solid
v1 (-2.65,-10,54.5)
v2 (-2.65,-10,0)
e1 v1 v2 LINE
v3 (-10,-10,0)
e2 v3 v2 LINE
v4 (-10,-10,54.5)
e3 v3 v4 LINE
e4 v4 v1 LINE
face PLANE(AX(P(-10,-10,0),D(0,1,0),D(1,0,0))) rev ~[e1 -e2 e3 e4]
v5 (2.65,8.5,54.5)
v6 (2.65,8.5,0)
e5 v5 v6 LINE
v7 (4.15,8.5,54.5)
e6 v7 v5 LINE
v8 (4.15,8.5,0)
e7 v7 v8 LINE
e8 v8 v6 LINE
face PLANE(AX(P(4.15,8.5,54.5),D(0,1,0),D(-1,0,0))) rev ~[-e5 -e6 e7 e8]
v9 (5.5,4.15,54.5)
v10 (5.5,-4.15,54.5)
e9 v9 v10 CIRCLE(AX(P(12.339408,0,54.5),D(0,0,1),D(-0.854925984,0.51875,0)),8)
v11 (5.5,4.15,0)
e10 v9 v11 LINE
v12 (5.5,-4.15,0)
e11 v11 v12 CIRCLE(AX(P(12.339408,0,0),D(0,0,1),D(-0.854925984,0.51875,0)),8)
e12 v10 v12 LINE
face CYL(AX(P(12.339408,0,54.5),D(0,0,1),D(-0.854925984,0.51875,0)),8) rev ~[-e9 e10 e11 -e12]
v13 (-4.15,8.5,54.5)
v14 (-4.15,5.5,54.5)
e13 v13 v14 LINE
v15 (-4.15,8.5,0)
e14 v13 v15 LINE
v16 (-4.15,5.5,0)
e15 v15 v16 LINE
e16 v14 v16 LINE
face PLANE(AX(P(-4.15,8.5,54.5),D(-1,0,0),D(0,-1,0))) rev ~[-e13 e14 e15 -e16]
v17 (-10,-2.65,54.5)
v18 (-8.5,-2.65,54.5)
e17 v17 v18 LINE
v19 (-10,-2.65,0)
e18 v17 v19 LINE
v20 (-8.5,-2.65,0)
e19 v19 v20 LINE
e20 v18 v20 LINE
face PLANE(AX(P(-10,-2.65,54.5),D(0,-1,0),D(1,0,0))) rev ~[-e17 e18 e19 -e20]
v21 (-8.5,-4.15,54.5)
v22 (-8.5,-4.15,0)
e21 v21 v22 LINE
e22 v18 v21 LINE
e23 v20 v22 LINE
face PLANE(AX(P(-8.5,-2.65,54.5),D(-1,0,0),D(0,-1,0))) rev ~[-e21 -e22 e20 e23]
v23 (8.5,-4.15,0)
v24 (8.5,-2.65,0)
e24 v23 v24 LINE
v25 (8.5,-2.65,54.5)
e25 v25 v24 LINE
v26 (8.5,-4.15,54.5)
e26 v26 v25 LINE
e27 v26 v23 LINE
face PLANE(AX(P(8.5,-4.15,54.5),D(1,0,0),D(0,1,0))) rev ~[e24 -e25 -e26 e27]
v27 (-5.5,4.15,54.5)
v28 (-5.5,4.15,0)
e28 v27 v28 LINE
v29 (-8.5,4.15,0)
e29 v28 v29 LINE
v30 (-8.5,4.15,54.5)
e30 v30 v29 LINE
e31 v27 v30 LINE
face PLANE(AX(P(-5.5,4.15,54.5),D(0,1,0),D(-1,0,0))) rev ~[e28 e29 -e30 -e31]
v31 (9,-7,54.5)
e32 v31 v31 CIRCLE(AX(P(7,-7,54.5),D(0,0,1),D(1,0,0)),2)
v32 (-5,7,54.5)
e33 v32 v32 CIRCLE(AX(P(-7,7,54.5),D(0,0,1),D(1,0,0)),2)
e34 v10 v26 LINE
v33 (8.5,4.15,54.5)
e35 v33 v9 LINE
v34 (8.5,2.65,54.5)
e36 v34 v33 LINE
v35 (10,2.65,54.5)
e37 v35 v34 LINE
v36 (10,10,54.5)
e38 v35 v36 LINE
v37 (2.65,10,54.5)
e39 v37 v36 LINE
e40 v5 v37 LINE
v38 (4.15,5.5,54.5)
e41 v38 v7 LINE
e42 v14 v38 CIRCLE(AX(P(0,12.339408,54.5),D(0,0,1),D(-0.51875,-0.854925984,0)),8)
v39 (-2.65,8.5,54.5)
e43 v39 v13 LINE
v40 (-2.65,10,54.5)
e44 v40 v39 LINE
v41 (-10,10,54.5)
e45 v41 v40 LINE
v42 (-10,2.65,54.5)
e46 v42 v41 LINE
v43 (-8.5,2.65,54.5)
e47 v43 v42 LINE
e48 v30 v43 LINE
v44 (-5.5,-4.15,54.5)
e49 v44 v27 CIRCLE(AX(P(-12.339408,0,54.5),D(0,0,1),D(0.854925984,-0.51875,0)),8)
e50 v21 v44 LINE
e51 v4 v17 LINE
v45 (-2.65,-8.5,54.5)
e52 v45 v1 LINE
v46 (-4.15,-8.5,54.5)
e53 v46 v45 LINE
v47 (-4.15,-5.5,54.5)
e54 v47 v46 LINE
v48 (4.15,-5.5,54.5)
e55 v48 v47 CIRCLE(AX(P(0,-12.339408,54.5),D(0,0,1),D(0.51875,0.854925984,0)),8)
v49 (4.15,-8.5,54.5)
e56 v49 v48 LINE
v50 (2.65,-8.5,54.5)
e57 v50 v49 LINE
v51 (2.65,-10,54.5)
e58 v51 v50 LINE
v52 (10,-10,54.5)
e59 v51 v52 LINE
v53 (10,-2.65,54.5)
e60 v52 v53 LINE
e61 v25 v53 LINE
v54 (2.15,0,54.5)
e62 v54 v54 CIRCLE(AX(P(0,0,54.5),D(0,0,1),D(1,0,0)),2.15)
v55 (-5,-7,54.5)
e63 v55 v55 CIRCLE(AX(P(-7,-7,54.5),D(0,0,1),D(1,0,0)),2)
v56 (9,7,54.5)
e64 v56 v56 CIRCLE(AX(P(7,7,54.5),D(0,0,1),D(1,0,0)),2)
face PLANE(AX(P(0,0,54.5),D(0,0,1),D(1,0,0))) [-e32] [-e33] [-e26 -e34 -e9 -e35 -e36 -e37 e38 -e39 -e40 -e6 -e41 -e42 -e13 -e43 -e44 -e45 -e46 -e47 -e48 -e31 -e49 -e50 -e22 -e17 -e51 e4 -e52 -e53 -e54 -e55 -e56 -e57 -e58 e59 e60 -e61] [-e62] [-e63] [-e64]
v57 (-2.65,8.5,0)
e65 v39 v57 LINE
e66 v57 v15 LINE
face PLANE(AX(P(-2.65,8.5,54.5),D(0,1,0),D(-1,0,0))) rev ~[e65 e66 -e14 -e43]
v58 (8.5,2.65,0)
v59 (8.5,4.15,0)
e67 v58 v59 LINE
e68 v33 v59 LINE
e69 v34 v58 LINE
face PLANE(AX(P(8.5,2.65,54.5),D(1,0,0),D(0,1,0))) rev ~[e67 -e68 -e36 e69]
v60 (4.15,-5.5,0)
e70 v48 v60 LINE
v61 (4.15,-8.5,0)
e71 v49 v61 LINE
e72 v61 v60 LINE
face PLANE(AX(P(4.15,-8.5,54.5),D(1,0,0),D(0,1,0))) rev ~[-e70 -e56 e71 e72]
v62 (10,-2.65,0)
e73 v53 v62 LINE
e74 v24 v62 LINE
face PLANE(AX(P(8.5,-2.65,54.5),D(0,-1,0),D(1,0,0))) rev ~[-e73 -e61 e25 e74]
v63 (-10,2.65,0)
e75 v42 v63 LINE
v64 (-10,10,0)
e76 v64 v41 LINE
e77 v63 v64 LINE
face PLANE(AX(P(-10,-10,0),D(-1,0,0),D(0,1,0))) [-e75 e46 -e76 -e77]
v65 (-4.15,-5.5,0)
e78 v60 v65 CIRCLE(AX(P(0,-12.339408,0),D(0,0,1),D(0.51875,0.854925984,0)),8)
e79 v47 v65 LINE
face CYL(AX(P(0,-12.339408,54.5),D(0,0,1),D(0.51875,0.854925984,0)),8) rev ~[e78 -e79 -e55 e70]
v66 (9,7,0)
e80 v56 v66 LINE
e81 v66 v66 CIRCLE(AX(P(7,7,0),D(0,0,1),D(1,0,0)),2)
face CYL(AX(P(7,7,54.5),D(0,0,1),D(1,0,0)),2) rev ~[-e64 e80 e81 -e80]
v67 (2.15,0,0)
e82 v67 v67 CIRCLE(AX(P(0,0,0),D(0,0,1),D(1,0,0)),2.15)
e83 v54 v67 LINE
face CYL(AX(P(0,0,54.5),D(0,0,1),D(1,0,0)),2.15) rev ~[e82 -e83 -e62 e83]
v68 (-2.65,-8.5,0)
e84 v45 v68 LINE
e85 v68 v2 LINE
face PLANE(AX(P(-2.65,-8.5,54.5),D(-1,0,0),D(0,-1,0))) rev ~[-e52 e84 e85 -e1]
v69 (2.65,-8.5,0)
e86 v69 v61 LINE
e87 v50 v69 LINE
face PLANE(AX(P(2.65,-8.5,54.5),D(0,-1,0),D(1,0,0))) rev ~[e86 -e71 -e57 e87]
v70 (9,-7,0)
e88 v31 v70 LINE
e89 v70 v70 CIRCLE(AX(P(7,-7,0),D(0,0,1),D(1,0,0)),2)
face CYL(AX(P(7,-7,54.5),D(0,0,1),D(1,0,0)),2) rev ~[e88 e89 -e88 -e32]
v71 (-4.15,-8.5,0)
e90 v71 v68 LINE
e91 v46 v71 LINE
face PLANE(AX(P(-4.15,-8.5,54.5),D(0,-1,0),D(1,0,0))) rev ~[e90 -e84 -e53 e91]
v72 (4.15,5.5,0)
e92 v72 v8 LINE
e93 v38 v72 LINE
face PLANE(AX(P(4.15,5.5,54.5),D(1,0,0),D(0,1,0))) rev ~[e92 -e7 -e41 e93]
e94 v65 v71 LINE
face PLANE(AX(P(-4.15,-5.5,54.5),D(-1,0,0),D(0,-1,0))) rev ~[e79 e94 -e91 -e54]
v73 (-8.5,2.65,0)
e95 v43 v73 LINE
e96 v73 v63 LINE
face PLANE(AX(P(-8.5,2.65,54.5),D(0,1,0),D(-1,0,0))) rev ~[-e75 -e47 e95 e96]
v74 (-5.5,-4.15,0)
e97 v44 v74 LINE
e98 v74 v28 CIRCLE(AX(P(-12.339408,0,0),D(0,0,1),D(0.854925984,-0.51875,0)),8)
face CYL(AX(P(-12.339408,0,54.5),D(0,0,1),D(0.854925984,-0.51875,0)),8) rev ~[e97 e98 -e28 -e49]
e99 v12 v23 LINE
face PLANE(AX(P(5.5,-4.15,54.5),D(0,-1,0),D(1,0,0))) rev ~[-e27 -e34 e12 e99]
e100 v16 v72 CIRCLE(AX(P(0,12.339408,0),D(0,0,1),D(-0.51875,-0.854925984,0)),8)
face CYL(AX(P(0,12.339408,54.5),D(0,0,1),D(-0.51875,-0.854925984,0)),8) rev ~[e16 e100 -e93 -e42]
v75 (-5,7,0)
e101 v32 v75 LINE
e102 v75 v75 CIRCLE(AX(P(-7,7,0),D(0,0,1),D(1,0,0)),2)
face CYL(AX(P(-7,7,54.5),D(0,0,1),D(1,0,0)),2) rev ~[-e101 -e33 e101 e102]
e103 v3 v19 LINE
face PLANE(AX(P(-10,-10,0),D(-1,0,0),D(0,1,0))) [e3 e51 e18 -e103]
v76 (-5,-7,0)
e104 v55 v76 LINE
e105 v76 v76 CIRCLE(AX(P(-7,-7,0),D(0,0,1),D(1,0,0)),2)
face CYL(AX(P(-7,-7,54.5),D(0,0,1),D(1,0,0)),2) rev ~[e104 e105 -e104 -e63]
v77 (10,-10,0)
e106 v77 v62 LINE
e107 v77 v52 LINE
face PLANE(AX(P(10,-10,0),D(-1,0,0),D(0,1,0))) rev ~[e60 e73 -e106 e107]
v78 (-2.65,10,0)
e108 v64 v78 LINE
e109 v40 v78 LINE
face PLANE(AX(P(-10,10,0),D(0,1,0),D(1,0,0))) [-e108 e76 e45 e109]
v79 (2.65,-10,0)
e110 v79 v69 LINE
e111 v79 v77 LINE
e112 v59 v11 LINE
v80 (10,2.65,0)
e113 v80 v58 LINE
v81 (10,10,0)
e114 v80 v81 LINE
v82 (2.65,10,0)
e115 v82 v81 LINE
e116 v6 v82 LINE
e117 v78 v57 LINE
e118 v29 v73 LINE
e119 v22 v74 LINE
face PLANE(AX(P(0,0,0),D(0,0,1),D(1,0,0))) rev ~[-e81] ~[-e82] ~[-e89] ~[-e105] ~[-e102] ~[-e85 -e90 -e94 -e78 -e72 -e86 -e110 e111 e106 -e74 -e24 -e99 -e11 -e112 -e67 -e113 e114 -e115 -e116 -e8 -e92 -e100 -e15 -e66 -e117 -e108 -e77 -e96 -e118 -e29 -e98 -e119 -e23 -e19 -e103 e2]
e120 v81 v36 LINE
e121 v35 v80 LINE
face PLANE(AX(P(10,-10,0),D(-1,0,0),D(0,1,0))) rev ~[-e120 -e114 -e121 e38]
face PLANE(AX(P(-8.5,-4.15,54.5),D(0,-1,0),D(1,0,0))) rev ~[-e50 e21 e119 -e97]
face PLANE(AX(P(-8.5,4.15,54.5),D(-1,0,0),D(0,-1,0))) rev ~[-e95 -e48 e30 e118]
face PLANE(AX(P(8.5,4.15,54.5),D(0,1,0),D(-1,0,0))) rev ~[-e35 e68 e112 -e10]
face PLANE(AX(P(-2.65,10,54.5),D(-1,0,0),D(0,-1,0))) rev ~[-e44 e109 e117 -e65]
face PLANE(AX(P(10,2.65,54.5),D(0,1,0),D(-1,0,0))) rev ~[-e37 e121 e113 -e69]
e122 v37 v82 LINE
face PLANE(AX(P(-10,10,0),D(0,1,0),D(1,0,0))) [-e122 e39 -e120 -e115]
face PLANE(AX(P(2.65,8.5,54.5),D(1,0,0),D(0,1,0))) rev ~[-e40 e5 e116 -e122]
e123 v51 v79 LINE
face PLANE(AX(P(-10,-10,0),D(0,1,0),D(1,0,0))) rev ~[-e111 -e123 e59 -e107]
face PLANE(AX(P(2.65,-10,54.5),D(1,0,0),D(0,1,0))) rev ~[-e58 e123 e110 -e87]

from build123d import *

# Parameters (mm, degrees)
SKETCH_1_W          = 20
SKETCH_1_H          = 20
EXTRUDE_1_DEPTH     = 54.5
SKETCH_2_R          = 2.15
SKETCH_2_R_2        = 2
CUT_EXTRUDE_1_DEPTH = 315.5


with BuildPart() as part:
    # 스케치1 → 보스-돌출1 (new body)
    with BuildSketch(Plane.XY):
        Rectangle(SKETCH_1_W, SKETCH_1_H)
    extrude(amount=EXTRUDE_1_DEPTH)

    # 스케치2 → 컷-돌출1 (cut)
    with BuildSketch(Plane.XY.offset(54.5)):
        Circle(SKETCH_2_R)
        with Locations((-7, 7)):
            Circle(SKETCH_2_R_2)
        with Locations((7, 7)):
            Circle(SKETCH_2_R_2)
        with Locations((7, -7)):
            Circle(SKETCH_2_R_2)
        with Locations((-7, -7)):
            Circle(SKETCH_2_R_2)
        with BuildLine():
            Line((-2.65, 10), (-2.65, 8.5))
            Line((-2.65, 8.5), (-4.15, 8.5))
            Line((-4.15, 8.5), (-4.15, 5.5))
            ThreePointArc((-4.15, 5.5), (0, 4.339407869), (4.15, 5.5))
            Line((4.15, 5.5), (4.15, 8.5))
            Line((4.15, 8.5), (2.65, 8.5))
            Line((2.65, 8.5), (2.65, 10))
            Line((2.65, 10), (-2.65, 10))
        make_face()
        with BuildLine():
            Line((10, 2.65), (8.5, 2.65))
            Line((8.5, 2.65), (8.5, 4.15))
            Line((8.5, 4.15), (5.5, 4.15))
            ThreePointArc((5.5, 4.15), (4.339407869, 0), (5.5, -4.15))
            Line((5.5, -4.15), (8.5, -4.15))
            Line((8.5, -4.15), (8.5, -2.65))
            Line((8.5, -2.65), (10, -2.65))
            Line((10, -2.65), (10, 2.65))
        make_face()
        with BuildLine():
            Line((2.65, -10), (2.65, -8.5))
            Line((2.65, -8.5), (4.15, -8.5))
            Line((4.15, -8.5), (4.15, -5.5))
            ThreePointArc((4.15, -5.5), (0, -4.339407869), (-4.15, -5.5))
            Line((-4.15, -5.5), (-4.15, -8.5))
            Line((-4.15, -8.5), (-2.65, -8.5))
            Line((-2.65, -8.5), (-2.65, -10))
            Line((-2.65, -10), (2.65, -10))
        make_face()
        with BuildLine():
            Line((-10, -2.65), (-8.5, -2.65))
            Line((-8.5, -2.65), (-8.5, -4.15))
            Line((-8.5, -4.15), (-5.5, -4.15))
            ThreePointArc((-5.5, -4.15), (-4.339407869, 0), (-5.5, 4.15))
            Line((-5.5, 4.15), (-8.5, 4.15))
            Line((-8.5, 4.15), (-8.5, 2.65))
            Line((-8.5, 2.65), (-10, 2.65))
            Line((-10, 2.65), (-10, -2.65))
        make_face()
    extrude(amount=-CUT_EXTRUDE_1_DEPTH, mode=Mode.SUBTRACT)


solid = part.part
